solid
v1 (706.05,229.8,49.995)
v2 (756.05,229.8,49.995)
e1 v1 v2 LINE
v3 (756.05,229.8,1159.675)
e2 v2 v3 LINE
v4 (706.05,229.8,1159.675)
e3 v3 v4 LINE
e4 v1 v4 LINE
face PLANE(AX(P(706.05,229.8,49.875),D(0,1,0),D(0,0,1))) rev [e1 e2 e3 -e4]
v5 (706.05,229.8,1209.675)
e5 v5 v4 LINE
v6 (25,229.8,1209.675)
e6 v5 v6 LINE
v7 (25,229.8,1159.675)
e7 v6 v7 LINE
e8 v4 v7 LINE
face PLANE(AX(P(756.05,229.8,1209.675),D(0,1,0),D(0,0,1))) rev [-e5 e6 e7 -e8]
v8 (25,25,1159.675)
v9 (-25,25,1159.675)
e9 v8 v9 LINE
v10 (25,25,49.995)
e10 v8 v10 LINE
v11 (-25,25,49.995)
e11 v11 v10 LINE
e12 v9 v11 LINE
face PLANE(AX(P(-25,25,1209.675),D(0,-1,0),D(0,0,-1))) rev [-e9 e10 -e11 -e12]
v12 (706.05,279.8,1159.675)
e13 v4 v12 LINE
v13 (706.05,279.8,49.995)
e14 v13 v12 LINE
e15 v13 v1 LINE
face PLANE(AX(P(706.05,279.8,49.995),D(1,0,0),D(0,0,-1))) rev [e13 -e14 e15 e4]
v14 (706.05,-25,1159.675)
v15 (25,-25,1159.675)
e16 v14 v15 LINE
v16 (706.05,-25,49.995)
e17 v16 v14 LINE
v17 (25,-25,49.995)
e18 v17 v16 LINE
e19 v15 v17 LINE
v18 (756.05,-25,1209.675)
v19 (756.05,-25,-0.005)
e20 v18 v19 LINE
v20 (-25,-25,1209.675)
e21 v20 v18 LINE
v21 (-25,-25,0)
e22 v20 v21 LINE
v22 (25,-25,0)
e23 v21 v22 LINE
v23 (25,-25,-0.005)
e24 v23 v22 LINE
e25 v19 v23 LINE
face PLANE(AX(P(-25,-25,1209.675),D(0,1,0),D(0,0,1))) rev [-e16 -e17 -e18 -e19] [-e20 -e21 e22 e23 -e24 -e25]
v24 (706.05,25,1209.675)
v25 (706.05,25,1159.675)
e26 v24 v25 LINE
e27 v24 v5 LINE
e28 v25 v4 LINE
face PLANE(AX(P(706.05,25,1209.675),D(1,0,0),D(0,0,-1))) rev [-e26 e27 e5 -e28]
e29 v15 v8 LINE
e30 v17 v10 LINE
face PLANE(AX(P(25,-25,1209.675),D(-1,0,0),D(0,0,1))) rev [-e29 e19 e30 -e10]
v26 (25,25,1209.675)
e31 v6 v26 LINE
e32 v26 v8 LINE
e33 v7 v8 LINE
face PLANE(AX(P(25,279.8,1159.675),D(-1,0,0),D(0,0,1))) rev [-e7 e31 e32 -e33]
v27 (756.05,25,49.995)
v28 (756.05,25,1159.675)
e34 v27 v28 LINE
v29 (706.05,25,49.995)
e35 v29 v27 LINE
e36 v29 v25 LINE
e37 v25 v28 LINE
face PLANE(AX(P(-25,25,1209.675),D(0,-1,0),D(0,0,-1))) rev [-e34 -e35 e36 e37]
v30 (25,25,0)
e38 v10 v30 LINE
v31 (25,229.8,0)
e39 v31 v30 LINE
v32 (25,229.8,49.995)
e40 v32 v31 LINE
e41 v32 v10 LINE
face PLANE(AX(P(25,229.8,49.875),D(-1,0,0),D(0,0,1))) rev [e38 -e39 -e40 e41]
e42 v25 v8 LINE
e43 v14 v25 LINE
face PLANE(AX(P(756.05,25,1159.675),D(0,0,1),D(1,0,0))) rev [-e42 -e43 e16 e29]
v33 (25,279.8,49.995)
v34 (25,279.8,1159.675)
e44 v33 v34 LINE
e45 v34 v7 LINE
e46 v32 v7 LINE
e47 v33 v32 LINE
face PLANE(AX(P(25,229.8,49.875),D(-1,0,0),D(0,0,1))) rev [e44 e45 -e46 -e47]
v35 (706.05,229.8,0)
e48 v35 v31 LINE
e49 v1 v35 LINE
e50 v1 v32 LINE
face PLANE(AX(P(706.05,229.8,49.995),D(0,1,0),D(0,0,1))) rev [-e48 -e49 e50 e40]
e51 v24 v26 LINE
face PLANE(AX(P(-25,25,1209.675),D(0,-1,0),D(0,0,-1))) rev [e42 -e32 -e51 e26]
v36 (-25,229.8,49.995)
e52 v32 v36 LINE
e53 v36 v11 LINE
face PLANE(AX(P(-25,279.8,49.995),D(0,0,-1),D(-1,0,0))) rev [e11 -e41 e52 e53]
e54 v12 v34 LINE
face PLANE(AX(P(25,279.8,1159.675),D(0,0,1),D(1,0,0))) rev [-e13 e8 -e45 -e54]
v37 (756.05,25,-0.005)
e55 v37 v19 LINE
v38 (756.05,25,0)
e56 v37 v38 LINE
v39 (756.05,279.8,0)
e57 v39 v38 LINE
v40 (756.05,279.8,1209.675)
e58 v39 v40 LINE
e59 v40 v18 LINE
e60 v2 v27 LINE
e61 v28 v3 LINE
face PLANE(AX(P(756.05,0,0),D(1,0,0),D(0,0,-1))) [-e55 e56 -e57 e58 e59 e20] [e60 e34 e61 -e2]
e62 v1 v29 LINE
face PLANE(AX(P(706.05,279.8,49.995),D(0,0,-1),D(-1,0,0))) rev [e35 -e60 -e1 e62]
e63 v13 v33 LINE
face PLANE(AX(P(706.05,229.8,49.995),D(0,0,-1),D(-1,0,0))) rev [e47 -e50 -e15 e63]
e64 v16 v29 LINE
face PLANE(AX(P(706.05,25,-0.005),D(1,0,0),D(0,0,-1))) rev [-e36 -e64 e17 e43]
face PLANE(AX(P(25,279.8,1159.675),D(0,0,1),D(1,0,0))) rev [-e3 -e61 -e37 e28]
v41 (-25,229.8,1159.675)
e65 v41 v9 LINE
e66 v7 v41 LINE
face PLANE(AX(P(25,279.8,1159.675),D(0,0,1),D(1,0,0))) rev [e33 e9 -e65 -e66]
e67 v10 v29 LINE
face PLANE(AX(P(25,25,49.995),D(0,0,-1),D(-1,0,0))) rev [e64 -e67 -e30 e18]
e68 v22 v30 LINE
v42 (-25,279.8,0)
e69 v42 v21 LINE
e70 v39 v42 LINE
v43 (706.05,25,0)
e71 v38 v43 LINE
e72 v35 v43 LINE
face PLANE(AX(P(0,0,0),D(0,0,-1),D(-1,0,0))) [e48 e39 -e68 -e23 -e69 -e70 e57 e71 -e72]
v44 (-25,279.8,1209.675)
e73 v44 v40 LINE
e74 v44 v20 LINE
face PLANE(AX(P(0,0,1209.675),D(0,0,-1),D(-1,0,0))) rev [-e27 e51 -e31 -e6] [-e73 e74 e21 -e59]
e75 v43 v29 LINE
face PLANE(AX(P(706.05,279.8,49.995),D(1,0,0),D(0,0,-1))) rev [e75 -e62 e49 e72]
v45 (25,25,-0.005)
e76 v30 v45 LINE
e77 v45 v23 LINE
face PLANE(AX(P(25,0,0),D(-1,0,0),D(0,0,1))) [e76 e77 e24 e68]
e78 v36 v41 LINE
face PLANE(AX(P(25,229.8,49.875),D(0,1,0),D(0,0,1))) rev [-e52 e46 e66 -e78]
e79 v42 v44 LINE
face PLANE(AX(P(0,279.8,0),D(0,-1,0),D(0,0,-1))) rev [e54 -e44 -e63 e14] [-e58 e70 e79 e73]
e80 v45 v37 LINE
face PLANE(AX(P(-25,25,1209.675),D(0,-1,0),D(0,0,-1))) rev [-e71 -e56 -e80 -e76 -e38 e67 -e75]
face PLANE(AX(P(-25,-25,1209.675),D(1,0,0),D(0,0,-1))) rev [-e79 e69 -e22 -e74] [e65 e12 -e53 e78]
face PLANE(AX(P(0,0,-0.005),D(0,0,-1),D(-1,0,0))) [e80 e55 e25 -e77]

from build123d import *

# Parameters (mm, degrees)
SKETCH2_W            = 50
SKETCH2_H            = 50
BOSS_EXTRUDE1_DEPTH  = 1209.675
SKETCH3_W            = 50
SKETCH3_H            = 50
BOSS_EXTRUDE2_DEPTH  = 731.05
SKETCH4_W            = 50
SKETCH4_H            = 50
BOSS_EXTRUDE3_DEPTH  = 1159.68
SKETCH6_W            = 50
SKETCH6_H            = 50
BOSS_EXTRUDE4_DEPTH  = 681.05
SKETCH8_W            = 50
SKETCH8_H            = 50
BOSS_EXTRUDE5_DEPTH  = 254.8
SKETCH9_W            = 50
SKETCH9_H            = 50
BOSS_EXTRUDE6_DEPTH  = 731.05
SKETCH10_W           = 50
SKETCH10_H           = 50
BOSS_EXTRUDE7_DEPTH  = 204.8
SKETCH11_W           = 50
SKETCH11_H           = 49.995
BOSS_EXTRUDE8_DEPTH  = 254.8
SKETCH12_W           = 50
SKETCH12_H           = 50
BOSS_EXTRUDE9_DEPTH  = 1109.8
SKETCH13_W           = 50
SKETCH13_H           = 50
BOSS_EXTRUDE10_DEPTH = 1109.8
SKETCH14_W           = 50
SKETCH14_H           = 49.995
BOSS_EXTRUDE11_DEPTH = 254.8
SKETCH15_W           = 49.995
SKETCH15_H           = 50
BOSS_EXTRUDE12_DEPTH = 681.05


with BuildPart() as part:
    # Sketch2 → Boss-Extrude1 (new body)
    with BuildSketch(Plane.XY):
        Rectangle(SKETCH2_W, SKETCH2_H)
    extrude(amount=BOSS_EXTRUDE1_DEPTH)

    # Sketch3 → Boss-Extrude2 (add)
    with BuildSketch(Plane(origin=(25, 0, 0), x_dir=(0, 0, -1), z_dir=(1, 0, 0))):
        with Locations((-1184.675, 0)):
            Rectangle(SKETCH3_W, SKETCH3_H)
    extrude(amount=BOSS_EXTRUDE2_DEPTH)

    # Sketch4 → Boss-Extrude3 (add)
    with BuildSketch(Plane(origin=(0, 0, 1159.675), x_dir=(-1, 0, 0), z_dir=(0, 0, -1))):
        with Locations((-731.05, 0)):
            Rectangle(SKETCH4_W, SKETCH4_H)
    extrude(amount=BOSS_EXTRUDE3_DEPTH)

    # Sketch6 → Boss-Extrude4 (add)
    with BuildSketch(Plane.ZY.offset(-706.05)):
        with Locations((24.995, 0)):
            Rectangle(SKETCH6_W, SKETCH6_H)
    extrude(amount=BOSS_EXTRUDE4_DEPTH)

    # Sketch8 → Boss-Extrude5 (add)
    with BuildSketch(Plane(origin=(0, 25, 0), x_dir=(1, 0, 0), z_dir=(0, 1, 0))):
        with Locations((0, -1184.675)):
            Rectangle(SKETCH8_W, SKETCH8_H)
    extrude(amount=BOSS_EXTRUDE5_DEPTH)

    # Sketch9 → Boss-Extrude6 (add)
    with BuildSketch(Plane(origin=(25, 0, 0), x_dir=(0, 0, -1), z_dir=(1, 0, 0))):
        with Locations((-1184.675, 254.8)):
            Rectangle(SKETCH9_W, SKETCH9_H)
    extrude(amount=BOSS_EXTRUDE6_DEPTH)

    # Sketch10 → Boss-Extrude7 (add)
    with BuildSketch(Plane.XZ.offset(-229.8)):
        with Locations((731.05, 1184.675)):
            Rectangle(SKETCH10_W, SKETCH10_H)
    extrude(amount=BOSS_EXTRUDE7_DEPTH)

    # Sketch11 → Boss-Extrude8 (add)
    with BuildSketch(Plane(origin=(0, 25, 0), x_dir=(1, 0, 0), z_dir=(0, 1, 0))):
        with Locations((731.05, -24.9975)):
            Rectangle(SKETCH11_W, SKETCH11_H)
    extrude(amount=BOSS_EXTRUDE8_DEPTH)

    # Sketch12 → Boss-Extrude9 (add)
    with BuildSketch(Plane(origin=(0, 0, 1159.675), x_dir=(-1, 0, 0), z_dir=(0, 0, -1))):
        with Locations((-731.05, 254.8)):
            Rectangle(SKETCH12_W, SKETCH12_H)
    extrude(amount=BOSS_EXTRUDE9_DEPTH)

    # Sketch13 → Boss-Extrude10 (add)
    with BuildSketch(Plane(origin=(0, 0, 1159.675), x_dir=(-1, 0, 0), z_dir=(0, 0, -1))):
        with Locations((0, 254.8)):
            Rectangle(SKETCH13_W, SKETCH13_H)
    extrude(amount=BOSS_EXTRUDE10_DEPTH)

    # Sketch14 → Boss-Extrude11 (add)
    with BuildSketch(Plane(origin=(0, 25, 0), x_dir=(1, 0, 0), z_dir=(0, 1, 0))):
        with Locations((0, -24.9975)):
            Rectangle(SKETCH14_W, SKETCH14_H)
    extrude(amount=BOSS_EXTRUDE11_DEPTH)

    # Sketch15 → Boss-Extrude12 (add)
    with BuildSketch(Plane(origin=(25, 0, 0), x_dir=(0, 0, -1), z_dir=(1, 0, 0))):
        with Locations((-24.9975, 254.8)):
            Rectangle(SKETCH15_W, SKETCH15_H)
    extrude(amount=BOSS_EXTRUDE12_DEPTH)


solid = part.part
